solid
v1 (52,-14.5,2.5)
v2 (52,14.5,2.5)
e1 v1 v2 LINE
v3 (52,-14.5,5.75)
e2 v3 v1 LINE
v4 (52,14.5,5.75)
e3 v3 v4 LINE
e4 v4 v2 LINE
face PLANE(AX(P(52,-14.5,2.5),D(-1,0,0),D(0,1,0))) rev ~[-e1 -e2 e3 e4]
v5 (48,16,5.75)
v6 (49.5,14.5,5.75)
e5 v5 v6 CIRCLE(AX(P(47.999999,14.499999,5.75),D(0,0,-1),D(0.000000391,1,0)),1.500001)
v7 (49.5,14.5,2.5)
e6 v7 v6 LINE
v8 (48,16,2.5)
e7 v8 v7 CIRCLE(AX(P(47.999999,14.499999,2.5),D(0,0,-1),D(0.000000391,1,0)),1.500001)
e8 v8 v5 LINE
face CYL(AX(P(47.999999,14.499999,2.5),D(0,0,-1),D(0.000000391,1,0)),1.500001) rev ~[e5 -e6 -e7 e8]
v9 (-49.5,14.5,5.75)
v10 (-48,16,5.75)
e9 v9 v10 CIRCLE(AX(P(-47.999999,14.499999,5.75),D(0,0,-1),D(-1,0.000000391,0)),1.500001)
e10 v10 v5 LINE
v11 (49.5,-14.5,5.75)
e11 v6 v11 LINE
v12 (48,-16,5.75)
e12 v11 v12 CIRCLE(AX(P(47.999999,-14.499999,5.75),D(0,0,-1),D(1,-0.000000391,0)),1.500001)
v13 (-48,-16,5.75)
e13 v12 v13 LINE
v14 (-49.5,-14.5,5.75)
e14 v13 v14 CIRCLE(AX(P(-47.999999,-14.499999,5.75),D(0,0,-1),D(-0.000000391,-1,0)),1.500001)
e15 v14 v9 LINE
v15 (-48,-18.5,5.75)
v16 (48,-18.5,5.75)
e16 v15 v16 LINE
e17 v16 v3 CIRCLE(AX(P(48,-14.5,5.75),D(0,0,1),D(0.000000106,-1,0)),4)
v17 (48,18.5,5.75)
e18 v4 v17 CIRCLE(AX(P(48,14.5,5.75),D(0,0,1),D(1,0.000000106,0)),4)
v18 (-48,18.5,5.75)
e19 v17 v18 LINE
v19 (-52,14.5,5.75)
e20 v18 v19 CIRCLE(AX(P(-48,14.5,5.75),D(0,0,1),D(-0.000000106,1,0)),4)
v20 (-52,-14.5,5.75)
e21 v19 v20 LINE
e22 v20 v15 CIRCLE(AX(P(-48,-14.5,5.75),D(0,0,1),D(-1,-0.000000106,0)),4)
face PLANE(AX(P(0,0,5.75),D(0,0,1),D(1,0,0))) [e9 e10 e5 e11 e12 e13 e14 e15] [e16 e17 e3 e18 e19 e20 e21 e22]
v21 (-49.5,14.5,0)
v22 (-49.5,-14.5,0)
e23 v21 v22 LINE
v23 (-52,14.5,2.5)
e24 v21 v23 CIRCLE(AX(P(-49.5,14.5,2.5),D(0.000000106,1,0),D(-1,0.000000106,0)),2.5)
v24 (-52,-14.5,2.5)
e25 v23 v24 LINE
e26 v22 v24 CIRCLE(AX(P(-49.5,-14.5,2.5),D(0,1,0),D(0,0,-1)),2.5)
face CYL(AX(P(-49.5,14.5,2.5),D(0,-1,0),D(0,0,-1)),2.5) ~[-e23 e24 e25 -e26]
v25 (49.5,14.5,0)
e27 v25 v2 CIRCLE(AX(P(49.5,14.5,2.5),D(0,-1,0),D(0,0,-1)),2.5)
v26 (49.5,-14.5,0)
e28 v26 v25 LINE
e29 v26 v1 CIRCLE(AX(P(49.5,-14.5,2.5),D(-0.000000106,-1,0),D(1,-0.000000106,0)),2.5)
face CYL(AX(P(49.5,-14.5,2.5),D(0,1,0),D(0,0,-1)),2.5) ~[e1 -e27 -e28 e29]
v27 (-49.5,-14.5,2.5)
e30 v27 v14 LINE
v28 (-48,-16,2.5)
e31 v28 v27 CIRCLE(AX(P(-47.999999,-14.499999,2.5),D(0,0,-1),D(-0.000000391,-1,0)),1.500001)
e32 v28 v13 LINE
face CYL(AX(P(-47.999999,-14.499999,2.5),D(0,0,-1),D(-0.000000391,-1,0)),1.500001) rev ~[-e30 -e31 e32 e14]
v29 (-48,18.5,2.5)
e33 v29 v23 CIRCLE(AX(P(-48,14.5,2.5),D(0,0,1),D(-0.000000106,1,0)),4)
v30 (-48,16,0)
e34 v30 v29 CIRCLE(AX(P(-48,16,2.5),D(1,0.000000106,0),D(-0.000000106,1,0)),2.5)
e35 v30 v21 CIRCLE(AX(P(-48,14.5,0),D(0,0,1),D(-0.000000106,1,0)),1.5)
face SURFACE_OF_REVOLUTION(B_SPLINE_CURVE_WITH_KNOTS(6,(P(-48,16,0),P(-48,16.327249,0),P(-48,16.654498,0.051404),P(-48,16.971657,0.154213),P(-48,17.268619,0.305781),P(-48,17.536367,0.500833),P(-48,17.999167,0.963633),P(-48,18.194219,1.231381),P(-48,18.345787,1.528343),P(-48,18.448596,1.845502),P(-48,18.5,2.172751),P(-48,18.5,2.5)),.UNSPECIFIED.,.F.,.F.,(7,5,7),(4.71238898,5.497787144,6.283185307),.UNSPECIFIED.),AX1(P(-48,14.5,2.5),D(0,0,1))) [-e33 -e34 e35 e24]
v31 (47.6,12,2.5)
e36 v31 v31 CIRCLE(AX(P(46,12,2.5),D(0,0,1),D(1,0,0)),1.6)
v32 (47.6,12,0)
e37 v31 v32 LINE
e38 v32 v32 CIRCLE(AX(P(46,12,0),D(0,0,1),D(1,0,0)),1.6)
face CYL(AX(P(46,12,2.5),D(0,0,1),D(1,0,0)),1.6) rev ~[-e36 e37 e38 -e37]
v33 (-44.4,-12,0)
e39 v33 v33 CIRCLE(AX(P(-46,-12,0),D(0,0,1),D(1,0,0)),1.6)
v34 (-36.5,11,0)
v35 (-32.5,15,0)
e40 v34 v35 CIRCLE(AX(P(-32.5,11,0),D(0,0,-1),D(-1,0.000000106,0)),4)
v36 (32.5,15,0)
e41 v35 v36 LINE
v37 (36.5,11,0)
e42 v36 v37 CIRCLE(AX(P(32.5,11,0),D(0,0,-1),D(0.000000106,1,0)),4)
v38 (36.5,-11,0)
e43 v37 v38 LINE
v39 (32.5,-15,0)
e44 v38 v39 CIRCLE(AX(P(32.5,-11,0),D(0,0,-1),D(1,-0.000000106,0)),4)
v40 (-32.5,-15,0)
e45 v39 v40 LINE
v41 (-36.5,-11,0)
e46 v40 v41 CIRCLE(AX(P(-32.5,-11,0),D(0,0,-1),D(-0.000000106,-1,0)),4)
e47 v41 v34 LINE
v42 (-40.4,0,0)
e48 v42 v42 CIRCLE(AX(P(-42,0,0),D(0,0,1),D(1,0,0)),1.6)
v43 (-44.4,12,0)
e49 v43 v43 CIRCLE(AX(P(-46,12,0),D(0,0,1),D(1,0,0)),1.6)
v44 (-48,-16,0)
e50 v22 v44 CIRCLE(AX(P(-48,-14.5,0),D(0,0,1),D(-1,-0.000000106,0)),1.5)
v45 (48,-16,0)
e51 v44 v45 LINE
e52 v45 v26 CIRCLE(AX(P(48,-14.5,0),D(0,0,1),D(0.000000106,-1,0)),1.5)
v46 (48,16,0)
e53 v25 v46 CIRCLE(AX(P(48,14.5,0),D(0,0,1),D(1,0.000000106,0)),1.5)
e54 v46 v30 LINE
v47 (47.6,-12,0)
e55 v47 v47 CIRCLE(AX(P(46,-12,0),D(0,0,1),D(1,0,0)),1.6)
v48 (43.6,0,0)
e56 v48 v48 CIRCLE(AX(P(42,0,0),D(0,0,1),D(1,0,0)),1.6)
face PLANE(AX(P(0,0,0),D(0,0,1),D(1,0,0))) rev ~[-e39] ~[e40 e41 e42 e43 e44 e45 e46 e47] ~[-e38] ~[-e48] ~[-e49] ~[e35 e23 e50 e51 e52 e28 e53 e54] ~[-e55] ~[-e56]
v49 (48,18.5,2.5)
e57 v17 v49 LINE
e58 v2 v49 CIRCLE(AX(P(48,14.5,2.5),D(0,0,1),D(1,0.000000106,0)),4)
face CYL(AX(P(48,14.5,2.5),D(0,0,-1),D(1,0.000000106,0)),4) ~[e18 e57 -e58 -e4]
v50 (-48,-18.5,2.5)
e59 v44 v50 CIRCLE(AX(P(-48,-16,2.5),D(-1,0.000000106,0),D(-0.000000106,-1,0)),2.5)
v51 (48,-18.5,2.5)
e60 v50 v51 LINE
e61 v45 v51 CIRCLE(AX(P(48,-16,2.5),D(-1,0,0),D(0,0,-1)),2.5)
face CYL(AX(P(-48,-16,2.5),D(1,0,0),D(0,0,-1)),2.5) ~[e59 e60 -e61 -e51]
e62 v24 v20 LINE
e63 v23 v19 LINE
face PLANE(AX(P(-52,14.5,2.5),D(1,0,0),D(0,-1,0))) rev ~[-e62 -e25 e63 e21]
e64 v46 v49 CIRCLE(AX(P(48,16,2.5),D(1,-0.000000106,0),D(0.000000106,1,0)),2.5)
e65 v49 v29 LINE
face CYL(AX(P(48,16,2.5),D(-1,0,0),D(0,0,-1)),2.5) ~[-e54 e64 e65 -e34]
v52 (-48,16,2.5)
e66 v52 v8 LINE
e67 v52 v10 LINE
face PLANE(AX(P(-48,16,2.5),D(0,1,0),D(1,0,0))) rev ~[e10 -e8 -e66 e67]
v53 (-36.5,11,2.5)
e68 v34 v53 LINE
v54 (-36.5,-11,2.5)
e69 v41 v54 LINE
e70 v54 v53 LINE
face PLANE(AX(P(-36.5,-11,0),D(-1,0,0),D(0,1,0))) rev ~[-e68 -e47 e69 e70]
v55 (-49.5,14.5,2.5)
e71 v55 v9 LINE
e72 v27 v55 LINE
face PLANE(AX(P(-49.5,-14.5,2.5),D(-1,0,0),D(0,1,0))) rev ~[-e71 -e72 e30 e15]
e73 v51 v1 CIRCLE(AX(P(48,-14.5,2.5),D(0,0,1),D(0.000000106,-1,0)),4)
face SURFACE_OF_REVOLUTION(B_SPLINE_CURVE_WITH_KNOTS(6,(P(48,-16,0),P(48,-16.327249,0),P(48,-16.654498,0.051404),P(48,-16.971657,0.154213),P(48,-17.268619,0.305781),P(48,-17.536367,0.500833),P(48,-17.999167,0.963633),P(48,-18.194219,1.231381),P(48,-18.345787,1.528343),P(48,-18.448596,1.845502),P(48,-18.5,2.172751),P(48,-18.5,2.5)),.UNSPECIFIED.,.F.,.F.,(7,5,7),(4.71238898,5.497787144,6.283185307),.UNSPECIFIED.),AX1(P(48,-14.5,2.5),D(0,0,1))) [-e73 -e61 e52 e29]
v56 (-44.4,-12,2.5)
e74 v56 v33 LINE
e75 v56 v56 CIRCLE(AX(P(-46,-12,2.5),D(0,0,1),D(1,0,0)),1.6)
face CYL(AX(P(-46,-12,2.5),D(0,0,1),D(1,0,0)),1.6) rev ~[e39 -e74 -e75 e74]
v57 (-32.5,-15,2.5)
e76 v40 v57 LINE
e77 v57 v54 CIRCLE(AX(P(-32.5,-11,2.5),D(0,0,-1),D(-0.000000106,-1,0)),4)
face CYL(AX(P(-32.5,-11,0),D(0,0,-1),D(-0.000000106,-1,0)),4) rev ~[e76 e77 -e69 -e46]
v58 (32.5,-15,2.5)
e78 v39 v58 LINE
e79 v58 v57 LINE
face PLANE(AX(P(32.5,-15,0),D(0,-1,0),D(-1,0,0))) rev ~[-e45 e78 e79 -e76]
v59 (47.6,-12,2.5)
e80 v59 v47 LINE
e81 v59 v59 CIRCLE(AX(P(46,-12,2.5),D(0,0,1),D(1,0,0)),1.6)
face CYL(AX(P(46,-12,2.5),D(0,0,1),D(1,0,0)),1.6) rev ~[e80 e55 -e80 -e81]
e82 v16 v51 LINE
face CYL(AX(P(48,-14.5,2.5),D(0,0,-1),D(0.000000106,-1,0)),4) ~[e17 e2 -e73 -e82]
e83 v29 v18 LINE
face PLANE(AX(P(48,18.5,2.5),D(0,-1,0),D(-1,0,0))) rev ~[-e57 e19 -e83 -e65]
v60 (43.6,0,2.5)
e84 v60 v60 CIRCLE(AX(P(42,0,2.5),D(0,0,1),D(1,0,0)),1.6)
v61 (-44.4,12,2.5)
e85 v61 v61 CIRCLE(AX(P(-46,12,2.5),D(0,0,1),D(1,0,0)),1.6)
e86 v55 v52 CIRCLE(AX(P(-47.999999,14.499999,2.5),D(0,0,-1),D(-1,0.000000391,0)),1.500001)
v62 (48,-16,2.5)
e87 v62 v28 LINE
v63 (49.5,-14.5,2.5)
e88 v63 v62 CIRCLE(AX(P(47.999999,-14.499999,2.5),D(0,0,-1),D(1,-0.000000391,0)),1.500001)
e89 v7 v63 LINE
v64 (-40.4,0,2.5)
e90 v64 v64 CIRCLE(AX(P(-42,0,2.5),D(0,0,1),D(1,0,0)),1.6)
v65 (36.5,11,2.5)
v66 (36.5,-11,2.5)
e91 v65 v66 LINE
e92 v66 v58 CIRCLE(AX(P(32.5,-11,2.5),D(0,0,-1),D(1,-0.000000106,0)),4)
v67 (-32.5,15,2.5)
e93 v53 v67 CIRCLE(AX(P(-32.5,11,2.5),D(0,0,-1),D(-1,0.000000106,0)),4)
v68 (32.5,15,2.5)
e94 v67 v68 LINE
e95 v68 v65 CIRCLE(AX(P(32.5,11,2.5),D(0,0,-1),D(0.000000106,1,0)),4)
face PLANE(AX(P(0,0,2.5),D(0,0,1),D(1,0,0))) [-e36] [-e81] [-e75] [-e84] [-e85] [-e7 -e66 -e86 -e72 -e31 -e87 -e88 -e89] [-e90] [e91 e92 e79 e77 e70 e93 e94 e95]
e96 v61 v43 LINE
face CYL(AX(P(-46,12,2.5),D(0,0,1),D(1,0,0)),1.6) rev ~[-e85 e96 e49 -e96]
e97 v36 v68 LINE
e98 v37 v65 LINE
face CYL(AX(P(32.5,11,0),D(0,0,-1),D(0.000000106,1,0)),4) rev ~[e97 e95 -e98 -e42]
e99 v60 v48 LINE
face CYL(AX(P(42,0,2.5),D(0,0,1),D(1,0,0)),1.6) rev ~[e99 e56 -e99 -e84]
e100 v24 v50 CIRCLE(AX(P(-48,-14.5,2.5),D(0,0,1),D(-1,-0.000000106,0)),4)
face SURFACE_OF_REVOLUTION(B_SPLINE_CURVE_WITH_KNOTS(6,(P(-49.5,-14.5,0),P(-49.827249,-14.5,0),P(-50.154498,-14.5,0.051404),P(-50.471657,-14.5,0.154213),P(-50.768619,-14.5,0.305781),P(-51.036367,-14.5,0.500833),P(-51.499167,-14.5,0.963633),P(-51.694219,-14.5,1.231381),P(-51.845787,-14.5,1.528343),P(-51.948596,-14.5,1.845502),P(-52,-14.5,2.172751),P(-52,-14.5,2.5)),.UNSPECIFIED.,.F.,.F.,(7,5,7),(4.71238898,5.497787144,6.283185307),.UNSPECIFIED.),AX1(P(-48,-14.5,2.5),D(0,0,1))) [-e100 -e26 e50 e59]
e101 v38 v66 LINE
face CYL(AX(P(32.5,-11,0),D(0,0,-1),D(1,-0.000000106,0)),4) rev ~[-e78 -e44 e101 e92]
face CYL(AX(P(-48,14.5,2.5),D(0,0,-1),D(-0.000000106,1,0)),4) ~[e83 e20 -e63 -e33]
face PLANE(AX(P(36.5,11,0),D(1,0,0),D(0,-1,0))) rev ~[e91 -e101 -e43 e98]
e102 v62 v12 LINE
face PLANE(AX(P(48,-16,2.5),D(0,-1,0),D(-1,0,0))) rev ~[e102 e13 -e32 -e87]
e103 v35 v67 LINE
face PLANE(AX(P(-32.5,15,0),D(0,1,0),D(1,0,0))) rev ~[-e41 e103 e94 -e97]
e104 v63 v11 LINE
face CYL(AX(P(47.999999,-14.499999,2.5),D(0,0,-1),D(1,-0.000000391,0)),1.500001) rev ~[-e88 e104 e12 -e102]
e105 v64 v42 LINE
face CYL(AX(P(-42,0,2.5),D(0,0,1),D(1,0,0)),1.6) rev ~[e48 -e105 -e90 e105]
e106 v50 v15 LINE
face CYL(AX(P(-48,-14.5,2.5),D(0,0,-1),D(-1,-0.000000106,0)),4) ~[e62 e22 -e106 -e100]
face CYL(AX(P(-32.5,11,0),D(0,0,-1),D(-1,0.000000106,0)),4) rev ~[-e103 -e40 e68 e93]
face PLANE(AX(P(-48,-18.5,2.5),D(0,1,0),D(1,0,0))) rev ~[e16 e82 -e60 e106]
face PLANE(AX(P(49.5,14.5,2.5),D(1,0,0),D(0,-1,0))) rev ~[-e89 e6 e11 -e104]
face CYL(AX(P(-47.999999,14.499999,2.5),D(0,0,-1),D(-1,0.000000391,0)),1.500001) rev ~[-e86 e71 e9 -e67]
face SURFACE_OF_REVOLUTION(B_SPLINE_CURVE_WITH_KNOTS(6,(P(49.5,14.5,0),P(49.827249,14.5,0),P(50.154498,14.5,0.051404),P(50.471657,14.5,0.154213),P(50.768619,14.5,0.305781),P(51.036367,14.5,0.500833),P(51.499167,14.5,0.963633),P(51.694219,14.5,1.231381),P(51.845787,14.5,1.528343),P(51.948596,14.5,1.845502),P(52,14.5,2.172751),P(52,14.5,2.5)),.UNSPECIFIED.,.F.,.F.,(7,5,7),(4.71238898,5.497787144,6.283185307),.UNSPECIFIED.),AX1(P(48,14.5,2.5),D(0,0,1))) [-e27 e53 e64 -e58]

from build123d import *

# Parameters (mm, degrees)
F1_DEPTH = 2.5
F2_R     = 1.6
F3_DEPTH = 2.501
F5_DEPTH = 3.25
F6_R     = 2.5


with BuildPart() as f1:
    # F0 (on Top) → F1 (new body)
    with BuildSketch(Plane.XY):
        with BuildLine():
            ThreePointArc((52, 14.5), (50.828427, 17.328427), (48, 18.5))
            Line((48, 18.5), (-48, 18.5))
            ThreePointArc((-48, 18.5), (-50.828427, 17.328427), (-52, 14.5))
            Line((-52, 14.5), (-52, -14.5))
            ThreePointArc((-52, -14.5), (-50.828427, -17.328427), (-48, -18.5))
            Line((-48, -18.5), (48, -18.5))
            ThreePointArc((48, -18.5), (50.828427, -17.328427), (52, -14.5))
            Line((52, -14.5), (52, 14.5))
        make_face()
        with BuildLine():
            Line((-32.5, 15), (32.5, 15))
            ThreePointArc((32.5, 15), (35.328427, 13.828427), (36.5, 11))
            Line((36.5, 11), (36.5, -11))
            ThreePointArc((36.5, -11), (35.328427, -13.828427), (32.5, -15))
            Line((32.5, -15), (-32.5, -15))
            ThreePointArc((-32.5, -15), (-35.328427, -13.828427), (-36.5, -11))
            Line((-36.5, -11), (-36.5, 11))
            ThreePointArc((-36.5, 11), (-35.328427, 13.828427), (-32.5, 15))
        make_face(mode=Mode.SUBTRACT)
    extrude(amount=F1_DEPTH)

    # F2 (on face) → F3 (cut, through all)
    with BuildSketch(Plane.XY.offset(2.5)):
        with Locations((-46, 12)):
            Circle(F2_R)
        with Locations((46, 12)):
            Circle(F2_R)
        with Locations((46, -12)):
            Circle(F2_R)
        with Locations((-46, -12)):
            Circle(F2_R)
        with Locations((-42, 0)):
            Circle(F2_R)
        with Locations((42, 0)):
            Circle(F2_R)
    extrude(amount=-F3_DEPTH, mode=Mode.SUBTRACT)

    # F4 (on face) → F5 (join)
    with BuildSketch(Plane.XY.offset(2.5)):
        with BuildLine():
            Line((48, 18.5), (-48, 18.5))
            ThreePointArc((-48, 18.5), (-50.828427, 17.328427), (-52, 14.5))
            Line((-52, 14.5), (-52, -14.5))
            ThreePointArc((-52, -14.5), (-50.828427, -17.328427), (-48, -18.5))
            Line((-48, -18.5), (48, -18.5))
            ThreePointArc((48, -18.5), (50.828427, -17.328427), (52, -14.5))
            Line((52, -14.5), (52, 14.5))
            ThreePointArc((52, 14.5), (50.828427, 17.328427), (48, 18.5))
        make_face()
        with BuildLine():
            Line((-49.5, -14.5), (-49.5, 14.5))
            ThreePointArc((-49.5, 14.5), (-49.06066, 15.56066), (-48, 16))
            Line((-48, 16), (48, 16))
            ThreePointArc((48, 16), (49.06066, 15.56066), (49.5, 14.5))
            Line((49.5, 14.5), (49.5, -14.5))
            ThreePointArc((49.5, -14.5), (49.06066, -15.56066), (48, -16))
            Line((48, -16), (-48, -16))
            ThreePointArc((-48, -16), (-49.06066, -15.56066), (-49.5, -14.5))
        make_face(mode=Mode.SUBTRACT)
    extrude(amount=F5_DEPTH)

    # F6
    f6_edges = [f1.edges().sort_by_distance(p)[0] for p in [
        (-50.828427, 17.328427, 0),
        (0, 18.5, 0),
        (-52, 0, 0),
        (-50.828427, -17.328427, 0),
        (0, -18.5, 0),
        (50.828427, -17.328427, 0),
        (52, 0, 0),
        (50.828427, 17.328427, 0),
    ]]
    fillet(f6_edges, radius=F6_R)


solid = f1.part
